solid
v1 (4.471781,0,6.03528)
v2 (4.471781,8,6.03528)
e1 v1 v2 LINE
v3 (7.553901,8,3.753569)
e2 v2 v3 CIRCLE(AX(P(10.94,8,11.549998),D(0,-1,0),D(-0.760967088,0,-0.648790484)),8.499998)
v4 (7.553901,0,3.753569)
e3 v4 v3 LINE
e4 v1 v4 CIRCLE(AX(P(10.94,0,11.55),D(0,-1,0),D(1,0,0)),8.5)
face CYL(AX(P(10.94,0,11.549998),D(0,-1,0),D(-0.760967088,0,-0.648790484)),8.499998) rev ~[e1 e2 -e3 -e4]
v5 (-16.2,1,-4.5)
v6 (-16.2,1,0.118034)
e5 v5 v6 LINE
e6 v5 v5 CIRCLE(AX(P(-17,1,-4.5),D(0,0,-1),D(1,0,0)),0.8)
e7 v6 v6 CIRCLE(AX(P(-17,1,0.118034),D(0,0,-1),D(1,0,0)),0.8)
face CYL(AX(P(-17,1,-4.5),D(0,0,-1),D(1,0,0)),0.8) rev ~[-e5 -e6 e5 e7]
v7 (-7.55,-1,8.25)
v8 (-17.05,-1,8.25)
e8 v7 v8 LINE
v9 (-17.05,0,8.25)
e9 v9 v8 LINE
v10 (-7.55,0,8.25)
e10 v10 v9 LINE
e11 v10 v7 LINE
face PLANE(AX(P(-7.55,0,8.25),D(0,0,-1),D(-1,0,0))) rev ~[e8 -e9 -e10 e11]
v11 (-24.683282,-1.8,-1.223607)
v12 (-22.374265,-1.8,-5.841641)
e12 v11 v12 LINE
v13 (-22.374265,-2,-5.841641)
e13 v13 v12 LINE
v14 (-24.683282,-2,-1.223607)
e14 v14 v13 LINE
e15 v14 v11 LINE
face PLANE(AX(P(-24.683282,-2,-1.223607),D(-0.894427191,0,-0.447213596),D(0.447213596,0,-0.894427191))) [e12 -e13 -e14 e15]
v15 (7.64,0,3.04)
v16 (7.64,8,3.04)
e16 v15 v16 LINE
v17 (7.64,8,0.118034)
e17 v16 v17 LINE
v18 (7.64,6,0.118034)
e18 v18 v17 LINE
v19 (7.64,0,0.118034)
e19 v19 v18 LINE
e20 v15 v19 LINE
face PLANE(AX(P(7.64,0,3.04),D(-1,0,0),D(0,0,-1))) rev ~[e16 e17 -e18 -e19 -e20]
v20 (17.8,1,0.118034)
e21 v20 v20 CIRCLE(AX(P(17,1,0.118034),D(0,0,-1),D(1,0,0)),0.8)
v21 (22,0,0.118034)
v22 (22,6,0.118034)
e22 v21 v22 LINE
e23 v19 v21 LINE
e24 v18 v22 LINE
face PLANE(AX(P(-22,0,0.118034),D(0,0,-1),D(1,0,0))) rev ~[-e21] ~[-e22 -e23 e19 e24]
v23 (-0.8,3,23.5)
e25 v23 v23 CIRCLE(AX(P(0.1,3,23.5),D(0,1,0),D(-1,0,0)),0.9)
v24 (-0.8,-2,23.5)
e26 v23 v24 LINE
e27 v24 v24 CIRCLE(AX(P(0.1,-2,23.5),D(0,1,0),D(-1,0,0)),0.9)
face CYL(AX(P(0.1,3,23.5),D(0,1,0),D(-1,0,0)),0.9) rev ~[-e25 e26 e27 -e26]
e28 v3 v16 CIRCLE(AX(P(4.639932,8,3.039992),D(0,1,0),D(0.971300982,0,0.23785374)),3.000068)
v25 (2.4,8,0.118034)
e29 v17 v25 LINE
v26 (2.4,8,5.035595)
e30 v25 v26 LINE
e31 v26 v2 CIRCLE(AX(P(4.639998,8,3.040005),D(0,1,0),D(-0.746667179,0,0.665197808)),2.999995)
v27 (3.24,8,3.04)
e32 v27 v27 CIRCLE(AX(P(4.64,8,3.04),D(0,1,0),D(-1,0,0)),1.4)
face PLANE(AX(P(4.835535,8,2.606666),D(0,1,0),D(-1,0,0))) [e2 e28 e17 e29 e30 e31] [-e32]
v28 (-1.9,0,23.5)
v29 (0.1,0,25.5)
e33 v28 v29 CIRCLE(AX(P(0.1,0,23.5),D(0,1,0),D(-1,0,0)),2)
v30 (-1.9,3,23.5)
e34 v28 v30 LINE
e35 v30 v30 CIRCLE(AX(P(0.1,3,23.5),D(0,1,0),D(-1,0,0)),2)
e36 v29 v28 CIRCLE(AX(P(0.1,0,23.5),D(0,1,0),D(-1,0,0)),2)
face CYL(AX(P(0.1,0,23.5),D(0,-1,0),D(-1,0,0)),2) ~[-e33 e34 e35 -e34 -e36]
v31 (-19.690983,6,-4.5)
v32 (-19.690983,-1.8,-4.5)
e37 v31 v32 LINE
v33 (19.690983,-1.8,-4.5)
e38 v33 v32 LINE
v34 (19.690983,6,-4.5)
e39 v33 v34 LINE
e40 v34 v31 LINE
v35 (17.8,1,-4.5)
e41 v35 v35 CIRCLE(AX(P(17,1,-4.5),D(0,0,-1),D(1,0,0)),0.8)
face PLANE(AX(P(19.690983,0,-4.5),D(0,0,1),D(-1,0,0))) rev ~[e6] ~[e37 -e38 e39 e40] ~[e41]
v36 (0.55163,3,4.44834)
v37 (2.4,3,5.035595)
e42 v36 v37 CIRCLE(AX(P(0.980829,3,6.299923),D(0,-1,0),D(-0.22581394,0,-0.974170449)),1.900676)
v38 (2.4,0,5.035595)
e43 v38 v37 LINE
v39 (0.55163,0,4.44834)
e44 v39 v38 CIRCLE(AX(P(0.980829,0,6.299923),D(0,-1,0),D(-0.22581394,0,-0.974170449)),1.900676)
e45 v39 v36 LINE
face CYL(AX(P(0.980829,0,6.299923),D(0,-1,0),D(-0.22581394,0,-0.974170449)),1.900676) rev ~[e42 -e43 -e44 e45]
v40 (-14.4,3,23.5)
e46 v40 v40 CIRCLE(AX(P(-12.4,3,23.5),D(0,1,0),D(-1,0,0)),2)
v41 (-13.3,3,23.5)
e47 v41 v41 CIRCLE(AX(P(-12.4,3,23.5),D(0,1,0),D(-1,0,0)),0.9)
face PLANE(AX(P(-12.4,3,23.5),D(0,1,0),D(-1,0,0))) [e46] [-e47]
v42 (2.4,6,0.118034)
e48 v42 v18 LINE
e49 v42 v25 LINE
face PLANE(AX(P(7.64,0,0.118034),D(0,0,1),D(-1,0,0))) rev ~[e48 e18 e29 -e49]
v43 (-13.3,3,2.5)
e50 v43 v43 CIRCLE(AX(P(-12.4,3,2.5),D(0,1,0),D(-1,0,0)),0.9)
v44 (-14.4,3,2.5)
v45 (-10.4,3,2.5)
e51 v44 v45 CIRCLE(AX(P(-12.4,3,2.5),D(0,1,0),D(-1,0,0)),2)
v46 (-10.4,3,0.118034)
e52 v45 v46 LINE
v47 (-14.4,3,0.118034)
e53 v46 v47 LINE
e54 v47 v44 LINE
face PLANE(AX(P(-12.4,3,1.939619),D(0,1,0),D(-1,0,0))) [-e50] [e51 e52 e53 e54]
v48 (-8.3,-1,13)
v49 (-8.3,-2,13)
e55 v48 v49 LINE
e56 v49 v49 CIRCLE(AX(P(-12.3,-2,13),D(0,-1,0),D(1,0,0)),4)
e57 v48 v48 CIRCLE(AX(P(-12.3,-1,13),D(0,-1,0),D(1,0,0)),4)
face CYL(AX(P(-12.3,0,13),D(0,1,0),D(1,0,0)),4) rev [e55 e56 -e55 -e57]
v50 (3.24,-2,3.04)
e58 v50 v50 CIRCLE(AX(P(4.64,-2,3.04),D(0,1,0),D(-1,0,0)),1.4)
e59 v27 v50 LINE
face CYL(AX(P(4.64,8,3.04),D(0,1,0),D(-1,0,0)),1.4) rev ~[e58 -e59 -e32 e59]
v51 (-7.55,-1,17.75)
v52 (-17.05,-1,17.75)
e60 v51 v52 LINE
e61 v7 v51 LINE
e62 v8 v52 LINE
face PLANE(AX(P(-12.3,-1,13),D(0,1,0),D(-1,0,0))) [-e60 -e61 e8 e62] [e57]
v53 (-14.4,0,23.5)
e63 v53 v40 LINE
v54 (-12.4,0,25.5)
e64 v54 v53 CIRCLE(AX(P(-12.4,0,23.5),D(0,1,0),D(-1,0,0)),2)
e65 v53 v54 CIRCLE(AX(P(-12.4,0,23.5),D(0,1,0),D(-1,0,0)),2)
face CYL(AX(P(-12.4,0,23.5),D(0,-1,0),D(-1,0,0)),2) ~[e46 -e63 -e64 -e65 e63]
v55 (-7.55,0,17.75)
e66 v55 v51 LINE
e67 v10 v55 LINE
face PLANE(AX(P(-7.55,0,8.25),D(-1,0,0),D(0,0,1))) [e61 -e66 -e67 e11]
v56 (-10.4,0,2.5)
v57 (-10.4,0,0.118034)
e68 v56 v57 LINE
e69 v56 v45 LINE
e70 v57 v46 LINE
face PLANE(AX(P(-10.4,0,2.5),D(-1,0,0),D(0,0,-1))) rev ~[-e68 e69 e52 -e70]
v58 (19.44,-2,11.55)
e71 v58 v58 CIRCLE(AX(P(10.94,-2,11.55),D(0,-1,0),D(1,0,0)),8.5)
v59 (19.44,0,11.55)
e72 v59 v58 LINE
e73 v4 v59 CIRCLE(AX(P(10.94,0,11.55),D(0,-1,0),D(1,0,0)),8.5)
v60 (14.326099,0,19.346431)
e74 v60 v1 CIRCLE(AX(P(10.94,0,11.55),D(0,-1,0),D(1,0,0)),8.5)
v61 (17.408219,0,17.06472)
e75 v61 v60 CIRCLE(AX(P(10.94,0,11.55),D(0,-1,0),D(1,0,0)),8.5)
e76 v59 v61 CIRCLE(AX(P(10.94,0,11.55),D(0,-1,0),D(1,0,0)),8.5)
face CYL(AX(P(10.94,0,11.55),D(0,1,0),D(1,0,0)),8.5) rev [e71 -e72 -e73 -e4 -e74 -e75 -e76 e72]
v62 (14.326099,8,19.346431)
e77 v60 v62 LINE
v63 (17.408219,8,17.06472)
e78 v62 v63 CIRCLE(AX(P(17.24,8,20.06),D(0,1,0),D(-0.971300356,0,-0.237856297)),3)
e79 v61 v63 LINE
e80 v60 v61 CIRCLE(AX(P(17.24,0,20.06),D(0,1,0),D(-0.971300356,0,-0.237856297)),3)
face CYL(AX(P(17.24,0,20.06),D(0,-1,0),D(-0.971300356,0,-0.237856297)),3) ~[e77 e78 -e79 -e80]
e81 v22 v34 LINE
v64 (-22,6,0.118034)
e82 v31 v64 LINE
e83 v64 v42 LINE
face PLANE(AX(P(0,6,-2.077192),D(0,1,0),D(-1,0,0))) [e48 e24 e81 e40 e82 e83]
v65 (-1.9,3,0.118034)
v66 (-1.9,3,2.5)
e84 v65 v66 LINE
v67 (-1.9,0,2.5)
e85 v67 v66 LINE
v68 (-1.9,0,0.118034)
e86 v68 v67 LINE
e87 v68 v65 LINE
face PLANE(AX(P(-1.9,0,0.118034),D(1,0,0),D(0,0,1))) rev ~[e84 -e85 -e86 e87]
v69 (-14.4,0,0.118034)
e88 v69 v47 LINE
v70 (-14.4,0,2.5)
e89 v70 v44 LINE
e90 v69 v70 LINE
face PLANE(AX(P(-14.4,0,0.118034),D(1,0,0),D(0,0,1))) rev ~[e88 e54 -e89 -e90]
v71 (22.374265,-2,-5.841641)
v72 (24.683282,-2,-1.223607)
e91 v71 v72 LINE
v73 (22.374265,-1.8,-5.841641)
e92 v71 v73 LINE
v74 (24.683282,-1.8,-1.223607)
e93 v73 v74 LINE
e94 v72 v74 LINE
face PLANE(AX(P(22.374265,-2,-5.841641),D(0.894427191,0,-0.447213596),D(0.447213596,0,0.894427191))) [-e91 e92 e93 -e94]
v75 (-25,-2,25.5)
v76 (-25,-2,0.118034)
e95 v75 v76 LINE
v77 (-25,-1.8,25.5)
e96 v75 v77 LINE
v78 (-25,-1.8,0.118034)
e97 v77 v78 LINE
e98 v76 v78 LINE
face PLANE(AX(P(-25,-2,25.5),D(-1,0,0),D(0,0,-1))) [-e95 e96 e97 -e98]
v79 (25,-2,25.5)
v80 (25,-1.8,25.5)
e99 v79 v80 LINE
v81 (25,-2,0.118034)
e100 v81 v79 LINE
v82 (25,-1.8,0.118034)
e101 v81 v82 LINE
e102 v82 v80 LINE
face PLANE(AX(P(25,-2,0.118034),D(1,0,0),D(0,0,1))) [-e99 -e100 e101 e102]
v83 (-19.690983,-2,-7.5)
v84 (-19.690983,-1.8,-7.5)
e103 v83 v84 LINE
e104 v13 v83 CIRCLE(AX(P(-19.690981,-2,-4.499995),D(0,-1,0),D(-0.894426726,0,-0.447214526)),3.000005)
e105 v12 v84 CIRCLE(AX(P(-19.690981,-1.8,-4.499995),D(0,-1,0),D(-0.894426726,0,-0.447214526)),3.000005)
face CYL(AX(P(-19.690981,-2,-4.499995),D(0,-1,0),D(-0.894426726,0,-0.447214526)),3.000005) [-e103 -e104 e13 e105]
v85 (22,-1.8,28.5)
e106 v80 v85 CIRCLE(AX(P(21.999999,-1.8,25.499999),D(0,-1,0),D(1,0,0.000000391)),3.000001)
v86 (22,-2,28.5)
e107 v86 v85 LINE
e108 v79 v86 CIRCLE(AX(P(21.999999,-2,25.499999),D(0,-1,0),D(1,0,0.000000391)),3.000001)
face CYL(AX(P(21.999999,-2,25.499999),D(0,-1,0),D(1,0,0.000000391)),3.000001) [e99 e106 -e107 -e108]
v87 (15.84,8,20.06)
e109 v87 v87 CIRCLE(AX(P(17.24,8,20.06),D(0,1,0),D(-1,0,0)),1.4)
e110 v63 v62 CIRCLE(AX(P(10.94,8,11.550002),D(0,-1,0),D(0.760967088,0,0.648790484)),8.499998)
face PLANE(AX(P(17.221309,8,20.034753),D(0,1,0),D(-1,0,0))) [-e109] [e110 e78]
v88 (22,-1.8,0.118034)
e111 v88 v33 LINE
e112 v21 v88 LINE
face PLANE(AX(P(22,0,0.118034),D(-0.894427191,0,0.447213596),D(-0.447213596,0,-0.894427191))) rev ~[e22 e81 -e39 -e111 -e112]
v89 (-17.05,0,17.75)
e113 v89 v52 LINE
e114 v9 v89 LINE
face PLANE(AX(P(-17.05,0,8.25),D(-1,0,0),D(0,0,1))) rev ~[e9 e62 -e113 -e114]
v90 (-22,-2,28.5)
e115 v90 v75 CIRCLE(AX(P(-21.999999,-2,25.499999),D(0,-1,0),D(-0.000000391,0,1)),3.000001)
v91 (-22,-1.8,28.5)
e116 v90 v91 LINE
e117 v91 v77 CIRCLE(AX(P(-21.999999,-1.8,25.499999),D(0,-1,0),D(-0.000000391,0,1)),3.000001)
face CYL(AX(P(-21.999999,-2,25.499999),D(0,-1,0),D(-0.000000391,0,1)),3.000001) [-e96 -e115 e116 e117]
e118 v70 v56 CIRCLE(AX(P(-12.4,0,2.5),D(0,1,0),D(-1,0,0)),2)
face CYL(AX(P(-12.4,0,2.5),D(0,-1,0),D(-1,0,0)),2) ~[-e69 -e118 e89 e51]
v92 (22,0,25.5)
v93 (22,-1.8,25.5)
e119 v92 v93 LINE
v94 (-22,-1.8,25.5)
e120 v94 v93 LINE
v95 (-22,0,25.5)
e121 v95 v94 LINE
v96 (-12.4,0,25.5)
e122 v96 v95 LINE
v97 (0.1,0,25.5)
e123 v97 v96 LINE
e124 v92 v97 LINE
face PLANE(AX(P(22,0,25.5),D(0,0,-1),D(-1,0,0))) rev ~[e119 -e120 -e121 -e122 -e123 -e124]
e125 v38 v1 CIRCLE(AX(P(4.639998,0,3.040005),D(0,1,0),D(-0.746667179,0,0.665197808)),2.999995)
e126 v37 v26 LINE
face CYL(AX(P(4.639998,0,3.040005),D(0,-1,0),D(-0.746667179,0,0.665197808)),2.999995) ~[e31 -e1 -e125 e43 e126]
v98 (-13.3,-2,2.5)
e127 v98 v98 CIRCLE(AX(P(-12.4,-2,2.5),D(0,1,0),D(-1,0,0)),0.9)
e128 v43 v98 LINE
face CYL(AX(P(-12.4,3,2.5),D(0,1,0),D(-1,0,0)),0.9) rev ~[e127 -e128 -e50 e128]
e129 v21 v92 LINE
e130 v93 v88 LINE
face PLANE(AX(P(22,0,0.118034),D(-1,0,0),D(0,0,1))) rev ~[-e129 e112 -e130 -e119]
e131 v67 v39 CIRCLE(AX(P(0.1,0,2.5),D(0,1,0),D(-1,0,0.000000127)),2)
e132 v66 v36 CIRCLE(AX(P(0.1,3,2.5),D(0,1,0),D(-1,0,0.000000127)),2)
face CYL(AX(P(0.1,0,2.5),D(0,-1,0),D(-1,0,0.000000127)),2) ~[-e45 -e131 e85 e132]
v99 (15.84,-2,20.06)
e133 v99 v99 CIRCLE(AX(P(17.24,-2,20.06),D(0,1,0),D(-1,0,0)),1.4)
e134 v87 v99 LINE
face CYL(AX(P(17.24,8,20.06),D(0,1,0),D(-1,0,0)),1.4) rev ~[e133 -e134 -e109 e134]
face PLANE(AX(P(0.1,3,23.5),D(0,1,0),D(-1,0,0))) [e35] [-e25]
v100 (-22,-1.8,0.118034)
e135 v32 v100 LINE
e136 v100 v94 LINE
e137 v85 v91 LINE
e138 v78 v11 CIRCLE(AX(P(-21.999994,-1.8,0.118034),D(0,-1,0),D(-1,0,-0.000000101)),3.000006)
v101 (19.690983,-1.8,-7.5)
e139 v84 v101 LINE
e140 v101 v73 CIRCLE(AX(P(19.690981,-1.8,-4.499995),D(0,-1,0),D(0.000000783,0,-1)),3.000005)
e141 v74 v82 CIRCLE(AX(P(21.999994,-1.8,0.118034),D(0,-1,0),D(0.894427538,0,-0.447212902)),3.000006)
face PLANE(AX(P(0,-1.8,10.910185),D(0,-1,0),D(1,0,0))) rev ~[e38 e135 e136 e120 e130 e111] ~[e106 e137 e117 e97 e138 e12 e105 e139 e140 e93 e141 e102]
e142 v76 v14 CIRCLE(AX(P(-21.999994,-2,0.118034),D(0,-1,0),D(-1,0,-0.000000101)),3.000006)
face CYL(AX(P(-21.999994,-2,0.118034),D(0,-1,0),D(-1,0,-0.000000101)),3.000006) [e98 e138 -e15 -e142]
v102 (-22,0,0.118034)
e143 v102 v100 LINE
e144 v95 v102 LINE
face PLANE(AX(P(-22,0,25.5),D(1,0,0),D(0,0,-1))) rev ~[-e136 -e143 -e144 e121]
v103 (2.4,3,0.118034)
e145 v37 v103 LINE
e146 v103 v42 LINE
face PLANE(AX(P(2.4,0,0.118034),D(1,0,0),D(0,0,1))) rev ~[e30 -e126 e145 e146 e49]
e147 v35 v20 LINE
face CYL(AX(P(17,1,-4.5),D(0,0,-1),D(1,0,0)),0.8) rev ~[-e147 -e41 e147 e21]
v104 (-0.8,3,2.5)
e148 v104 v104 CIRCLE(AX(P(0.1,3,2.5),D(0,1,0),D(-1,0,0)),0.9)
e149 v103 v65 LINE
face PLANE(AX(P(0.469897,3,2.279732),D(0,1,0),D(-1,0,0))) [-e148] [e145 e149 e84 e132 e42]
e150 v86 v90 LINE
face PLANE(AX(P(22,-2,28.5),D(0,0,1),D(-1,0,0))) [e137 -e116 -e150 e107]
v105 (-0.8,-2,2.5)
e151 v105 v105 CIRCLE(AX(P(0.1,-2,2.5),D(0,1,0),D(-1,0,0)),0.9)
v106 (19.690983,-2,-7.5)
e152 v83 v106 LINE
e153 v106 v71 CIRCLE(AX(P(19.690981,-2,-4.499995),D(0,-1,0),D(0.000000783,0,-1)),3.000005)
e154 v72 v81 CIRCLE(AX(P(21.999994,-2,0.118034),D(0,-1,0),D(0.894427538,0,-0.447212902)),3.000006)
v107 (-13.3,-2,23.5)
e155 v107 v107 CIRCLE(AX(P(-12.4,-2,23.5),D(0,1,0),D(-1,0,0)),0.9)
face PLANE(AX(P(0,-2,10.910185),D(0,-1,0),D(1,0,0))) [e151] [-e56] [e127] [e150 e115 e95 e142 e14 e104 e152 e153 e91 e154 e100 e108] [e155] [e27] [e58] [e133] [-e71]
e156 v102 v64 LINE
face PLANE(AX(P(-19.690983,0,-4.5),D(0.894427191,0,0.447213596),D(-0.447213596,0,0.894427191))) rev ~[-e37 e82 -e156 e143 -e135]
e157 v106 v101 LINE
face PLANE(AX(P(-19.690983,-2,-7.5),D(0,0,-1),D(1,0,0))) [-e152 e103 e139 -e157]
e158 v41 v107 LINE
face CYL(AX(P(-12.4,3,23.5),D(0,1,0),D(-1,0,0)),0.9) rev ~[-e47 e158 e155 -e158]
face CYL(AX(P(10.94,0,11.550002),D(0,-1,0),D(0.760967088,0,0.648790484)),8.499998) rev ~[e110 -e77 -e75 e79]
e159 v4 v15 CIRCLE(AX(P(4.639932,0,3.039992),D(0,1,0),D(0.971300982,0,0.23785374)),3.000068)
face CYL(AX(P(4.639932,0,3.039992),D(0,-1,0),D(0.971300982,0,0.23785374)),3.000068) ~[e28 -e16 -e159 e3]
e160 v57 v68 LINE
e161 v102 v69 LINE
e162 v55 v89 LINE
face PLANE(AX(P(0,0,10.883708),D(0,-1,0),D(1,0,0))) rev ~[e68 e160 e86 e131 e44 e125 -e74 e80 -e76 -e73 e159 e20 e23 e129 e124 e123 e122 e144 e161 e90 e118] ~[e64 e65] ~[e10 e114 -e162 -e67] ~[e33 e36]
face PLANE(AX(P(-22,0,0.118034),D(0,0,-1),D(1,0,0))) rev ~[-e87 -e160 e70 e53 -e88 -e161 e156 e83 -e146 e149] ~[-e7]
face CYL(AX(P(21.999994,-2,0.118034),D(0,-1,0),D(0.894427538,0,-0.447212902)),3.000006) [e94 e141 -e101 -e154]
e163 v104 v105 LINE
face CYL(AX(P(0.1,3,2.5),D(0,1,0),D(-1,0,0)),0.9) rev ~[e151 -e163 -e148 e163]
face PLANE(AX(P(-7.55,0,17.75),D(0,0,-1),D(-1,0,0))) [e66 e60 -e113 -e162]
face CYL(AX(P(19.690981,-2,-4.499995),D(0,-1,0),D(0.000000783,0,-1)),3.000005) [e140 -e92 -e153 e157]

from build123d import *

# Parameters (mm, degrees)
F1_R      = 4
F1_R_2    = 8.5
F2_DEPTH  = 2
F4_DEPTH  = 6
F5_R      = 0.8
F6_DEPTH  = 4.618034
F8_DEPTH  = 8
F9_R      = 1.4
F10_DEPTH = 10
F11_R     = 2
F12_DEPTH = 3
F13_W     = 9.5
F13_H     = 9.5
F13_R     = 4
F14_DEPTH = 1
F15_R     = 0.9
F16_DEPTH = 5
F18_DEPTH = 0.2


with BuildPart() as f2:
    # F1 (on Front) → F2 (new body)
    with BuildSketch(Plane.XZ):
        Polygon((-22, 25.5), (-22, 0.118034), (-19.690983, -4.5), (19.690983, -4.5), (22, 0.118034), (22, 25.5), align=None)
        with Locations((-12.3, 13)):
            Circle(F1_R, mode=Mode.SUBTRACT)
        with Locations((10.94, 11.55)):
            Circle(F1_R_2, mode=Mode.SUBTRACT)
    extrude(amount=F2_DEPTH)

    # F3 (on face) → F4 (join)
    with BuildSketch(Plane(origin=(0, 0, 0), x_dir=(-1, 0, 0), z_dir=(0, 1, 0))):
        Polygon((22, 0.118034), (-22, 0.118034), (-19.690983, -4.5), (19.690983, -4.5), align=None)
    extrude(amount=F4_DEPTH)

    # F5 (on face) → F6 (cut, through all)
    with BuildSketch(Plane(origin=(0, 0, -4.5), x_dir=(1, 0, 0), z_dir=(0, 0, -1))):
        with Locations((-17, -1)):
            Circle(F5_R)
        with Locations((17, -1)):
            Circle(F5_R)
    extrude(amount=-F6_DEPTH, mode=Mode.SUBTRACT)

    # F7 (on face) → F8 (join)
    with BuildSketch(Plane(origin=(0, 0, 0), x_dir=(-1, 0, 0), z_dir=(0, 1, 0))):
        with BuildLine():
            ThreePointArc((-17.408219, 17.06472), (-15.997514, 18.381658), (-14.326099, 19.346431))
            ThreePointArc((-14.326099, 19.346431), (-19.025005, 22.471173), (-17.408219, 17.06472))
        make_face()
        with BuildLine():
            ThreePointArc((-4.471781, 6.03528), (-5.882486, 4.718342), (-7.553901, 3.753569))
            ThreePointArc((-7.553901, 3.753569), (-7.618397, 3.399372), (-7.64, 3.04))
            Line((-7.64, 3.04), (-7.64, 0.118034))
            Line((-7.64, 0.118034), (-2.4, 0.118034))
            Line((-2.4, 0.118034), (-2.4, 5.035595))
            ThreePointArc((-2.4, 5.035595), (-3.336266, 5.741903), (-4.471781, 6.03528))
        make_face()
    extrude(amount=F8_DEPTH)

    # F9 (on face) → F10 (cut, through all)
    with BuildSketch(Plane(origin=(0, 8, 0), x_dir=(-1, 0, 0), z_dir=(0, 1, 0))):
        with Locations((-17.24, 20.06)):
            Circle(F9_R)
        with Locations((-4.64, 3.04)):
            Circle(F9_R)
    extrude(amount=-F10_DEPTH, mode=Mode.SUBTRACT)

    # F11 (on face) → F12 (join)
    with BuildSketch(Plane(origin=(0, 0, 0), x_dir=(-1, 0, 0), z_dir=(0, 1, 0))):
        with Locations((-0.1, 23.5)):
            Circle(F11_R)
        with Locations((12.4, 23.5)):
            Circle(F11_R)
        with BuildLine():
            Line((1.9, 0.118034), (1.9, 2.5))
            ThreePointArc((1.9, 2.5), (1.144335, 4.065768), (-0.55163, 4.44834))
            ThreePointArc((-0.55163, 4.44834), (-1.556353, 4.488475), (-2.4, 5.035595))
            Line((-2.4, 5.035595), (-2.4, 0.118034))
            Line((-2.4, 0.118034), (1.9, 0.118034))
        make_face()
        with BuildLine():
            Line((14.4, 0.118034), (14.4, 2.5))
            ThreePointArc((14.4, 2.5), (12.4, 4.5), (10.4, 2.5))
            Line((10.4, 2.5), (10.4, 0.118034))
            Line((10.4, 0.118034), (14.4, 0.118034))
        make_face()
    extrude(amount=F12_DEPTH)

    # F13 (on face) → F14 (cut)
    with BuildSketch(Plane(origin=(0, 0, 0), x_dir=(-1, 0, 0), z_dir=(0, 1, 0))):
        with Locations((12.3, 13)):
            Rectangle(F13_W, F13_H)
        with Locations((12.3, 13)):
            Circle(F13_R, mode=Mode.SUBTRACT)
    extrude(amount=-F14_DEPTH, mode=Mode.SUBTRACT)

    # F15 (on face) → F16 (cut, through all)
    with BuildSketch(Plane(origin=(0, 3, 0), x_dir=(-1, 0, 0), z_dir=(0, 1, 0))):
        with Locations((-0.1, 23.5)):
            Circle(F15_R)
        with Locations((12.4, 23.5)):
            Circle(F15_R)
        with Locations((-0.1, 2.5)):
            Circle(F15_R)
        with Locations((12.4, 2.5)):
            Circle(F15_R)
    extrude(amount=-F16_DEPTH, mode=Mode.SUBTRACT)

    # F17 (on face) → F18 (join)
    with BuildSketch(Plane.XZ.offset(2)):
        with BuildLine():
            ThreePointArc((-22, 28.5), (-24.12132, 27.62132), (-25, 25.5))
            Line((-25, 25.5), (-25, 0.118034))
            ThreePointArc((-25, 0.118034), (-24.919747, -0.571225), (-24.683282, -1.223607))
            Line((-24.683282, -1.223607), (-22.374265, -5.841641))
            ThreePointArc((-22.374265, -5.841641), (-21.268176, -7.051952), (-19.690983, -7.5))
            Line((-19.690983, -7.5), (19.690983, -7.5))
            ThreePointArc((19.690983, -7.5), (21.268176, -7.051952), (22.374265, -5.841641))
            Line((22.374265, -5.841641), (24.683282, -1.223607))
            ThreePointArc((24.683282, -1.223607), (24.919747, -0.571225), (25, 0.118034))
            Line((25, 0.118034), (25, 25.5))
            ThreePointArc((25, 25.5), (24.12132, 27.62132), (22, 28.5))
            Line((22, 28.5), (-22, 28.5))
        make_face()
        Polygon((-22, 0.118034), (-22, 25.5), (22, 25.5), (22, 0.118034), (19.690983, -4.5), (-19.690983, -4.5), align=None, mode=Mode.SUBTRACT)
    extrude(amount=-F18_DEPTH)


solid = f2.part
